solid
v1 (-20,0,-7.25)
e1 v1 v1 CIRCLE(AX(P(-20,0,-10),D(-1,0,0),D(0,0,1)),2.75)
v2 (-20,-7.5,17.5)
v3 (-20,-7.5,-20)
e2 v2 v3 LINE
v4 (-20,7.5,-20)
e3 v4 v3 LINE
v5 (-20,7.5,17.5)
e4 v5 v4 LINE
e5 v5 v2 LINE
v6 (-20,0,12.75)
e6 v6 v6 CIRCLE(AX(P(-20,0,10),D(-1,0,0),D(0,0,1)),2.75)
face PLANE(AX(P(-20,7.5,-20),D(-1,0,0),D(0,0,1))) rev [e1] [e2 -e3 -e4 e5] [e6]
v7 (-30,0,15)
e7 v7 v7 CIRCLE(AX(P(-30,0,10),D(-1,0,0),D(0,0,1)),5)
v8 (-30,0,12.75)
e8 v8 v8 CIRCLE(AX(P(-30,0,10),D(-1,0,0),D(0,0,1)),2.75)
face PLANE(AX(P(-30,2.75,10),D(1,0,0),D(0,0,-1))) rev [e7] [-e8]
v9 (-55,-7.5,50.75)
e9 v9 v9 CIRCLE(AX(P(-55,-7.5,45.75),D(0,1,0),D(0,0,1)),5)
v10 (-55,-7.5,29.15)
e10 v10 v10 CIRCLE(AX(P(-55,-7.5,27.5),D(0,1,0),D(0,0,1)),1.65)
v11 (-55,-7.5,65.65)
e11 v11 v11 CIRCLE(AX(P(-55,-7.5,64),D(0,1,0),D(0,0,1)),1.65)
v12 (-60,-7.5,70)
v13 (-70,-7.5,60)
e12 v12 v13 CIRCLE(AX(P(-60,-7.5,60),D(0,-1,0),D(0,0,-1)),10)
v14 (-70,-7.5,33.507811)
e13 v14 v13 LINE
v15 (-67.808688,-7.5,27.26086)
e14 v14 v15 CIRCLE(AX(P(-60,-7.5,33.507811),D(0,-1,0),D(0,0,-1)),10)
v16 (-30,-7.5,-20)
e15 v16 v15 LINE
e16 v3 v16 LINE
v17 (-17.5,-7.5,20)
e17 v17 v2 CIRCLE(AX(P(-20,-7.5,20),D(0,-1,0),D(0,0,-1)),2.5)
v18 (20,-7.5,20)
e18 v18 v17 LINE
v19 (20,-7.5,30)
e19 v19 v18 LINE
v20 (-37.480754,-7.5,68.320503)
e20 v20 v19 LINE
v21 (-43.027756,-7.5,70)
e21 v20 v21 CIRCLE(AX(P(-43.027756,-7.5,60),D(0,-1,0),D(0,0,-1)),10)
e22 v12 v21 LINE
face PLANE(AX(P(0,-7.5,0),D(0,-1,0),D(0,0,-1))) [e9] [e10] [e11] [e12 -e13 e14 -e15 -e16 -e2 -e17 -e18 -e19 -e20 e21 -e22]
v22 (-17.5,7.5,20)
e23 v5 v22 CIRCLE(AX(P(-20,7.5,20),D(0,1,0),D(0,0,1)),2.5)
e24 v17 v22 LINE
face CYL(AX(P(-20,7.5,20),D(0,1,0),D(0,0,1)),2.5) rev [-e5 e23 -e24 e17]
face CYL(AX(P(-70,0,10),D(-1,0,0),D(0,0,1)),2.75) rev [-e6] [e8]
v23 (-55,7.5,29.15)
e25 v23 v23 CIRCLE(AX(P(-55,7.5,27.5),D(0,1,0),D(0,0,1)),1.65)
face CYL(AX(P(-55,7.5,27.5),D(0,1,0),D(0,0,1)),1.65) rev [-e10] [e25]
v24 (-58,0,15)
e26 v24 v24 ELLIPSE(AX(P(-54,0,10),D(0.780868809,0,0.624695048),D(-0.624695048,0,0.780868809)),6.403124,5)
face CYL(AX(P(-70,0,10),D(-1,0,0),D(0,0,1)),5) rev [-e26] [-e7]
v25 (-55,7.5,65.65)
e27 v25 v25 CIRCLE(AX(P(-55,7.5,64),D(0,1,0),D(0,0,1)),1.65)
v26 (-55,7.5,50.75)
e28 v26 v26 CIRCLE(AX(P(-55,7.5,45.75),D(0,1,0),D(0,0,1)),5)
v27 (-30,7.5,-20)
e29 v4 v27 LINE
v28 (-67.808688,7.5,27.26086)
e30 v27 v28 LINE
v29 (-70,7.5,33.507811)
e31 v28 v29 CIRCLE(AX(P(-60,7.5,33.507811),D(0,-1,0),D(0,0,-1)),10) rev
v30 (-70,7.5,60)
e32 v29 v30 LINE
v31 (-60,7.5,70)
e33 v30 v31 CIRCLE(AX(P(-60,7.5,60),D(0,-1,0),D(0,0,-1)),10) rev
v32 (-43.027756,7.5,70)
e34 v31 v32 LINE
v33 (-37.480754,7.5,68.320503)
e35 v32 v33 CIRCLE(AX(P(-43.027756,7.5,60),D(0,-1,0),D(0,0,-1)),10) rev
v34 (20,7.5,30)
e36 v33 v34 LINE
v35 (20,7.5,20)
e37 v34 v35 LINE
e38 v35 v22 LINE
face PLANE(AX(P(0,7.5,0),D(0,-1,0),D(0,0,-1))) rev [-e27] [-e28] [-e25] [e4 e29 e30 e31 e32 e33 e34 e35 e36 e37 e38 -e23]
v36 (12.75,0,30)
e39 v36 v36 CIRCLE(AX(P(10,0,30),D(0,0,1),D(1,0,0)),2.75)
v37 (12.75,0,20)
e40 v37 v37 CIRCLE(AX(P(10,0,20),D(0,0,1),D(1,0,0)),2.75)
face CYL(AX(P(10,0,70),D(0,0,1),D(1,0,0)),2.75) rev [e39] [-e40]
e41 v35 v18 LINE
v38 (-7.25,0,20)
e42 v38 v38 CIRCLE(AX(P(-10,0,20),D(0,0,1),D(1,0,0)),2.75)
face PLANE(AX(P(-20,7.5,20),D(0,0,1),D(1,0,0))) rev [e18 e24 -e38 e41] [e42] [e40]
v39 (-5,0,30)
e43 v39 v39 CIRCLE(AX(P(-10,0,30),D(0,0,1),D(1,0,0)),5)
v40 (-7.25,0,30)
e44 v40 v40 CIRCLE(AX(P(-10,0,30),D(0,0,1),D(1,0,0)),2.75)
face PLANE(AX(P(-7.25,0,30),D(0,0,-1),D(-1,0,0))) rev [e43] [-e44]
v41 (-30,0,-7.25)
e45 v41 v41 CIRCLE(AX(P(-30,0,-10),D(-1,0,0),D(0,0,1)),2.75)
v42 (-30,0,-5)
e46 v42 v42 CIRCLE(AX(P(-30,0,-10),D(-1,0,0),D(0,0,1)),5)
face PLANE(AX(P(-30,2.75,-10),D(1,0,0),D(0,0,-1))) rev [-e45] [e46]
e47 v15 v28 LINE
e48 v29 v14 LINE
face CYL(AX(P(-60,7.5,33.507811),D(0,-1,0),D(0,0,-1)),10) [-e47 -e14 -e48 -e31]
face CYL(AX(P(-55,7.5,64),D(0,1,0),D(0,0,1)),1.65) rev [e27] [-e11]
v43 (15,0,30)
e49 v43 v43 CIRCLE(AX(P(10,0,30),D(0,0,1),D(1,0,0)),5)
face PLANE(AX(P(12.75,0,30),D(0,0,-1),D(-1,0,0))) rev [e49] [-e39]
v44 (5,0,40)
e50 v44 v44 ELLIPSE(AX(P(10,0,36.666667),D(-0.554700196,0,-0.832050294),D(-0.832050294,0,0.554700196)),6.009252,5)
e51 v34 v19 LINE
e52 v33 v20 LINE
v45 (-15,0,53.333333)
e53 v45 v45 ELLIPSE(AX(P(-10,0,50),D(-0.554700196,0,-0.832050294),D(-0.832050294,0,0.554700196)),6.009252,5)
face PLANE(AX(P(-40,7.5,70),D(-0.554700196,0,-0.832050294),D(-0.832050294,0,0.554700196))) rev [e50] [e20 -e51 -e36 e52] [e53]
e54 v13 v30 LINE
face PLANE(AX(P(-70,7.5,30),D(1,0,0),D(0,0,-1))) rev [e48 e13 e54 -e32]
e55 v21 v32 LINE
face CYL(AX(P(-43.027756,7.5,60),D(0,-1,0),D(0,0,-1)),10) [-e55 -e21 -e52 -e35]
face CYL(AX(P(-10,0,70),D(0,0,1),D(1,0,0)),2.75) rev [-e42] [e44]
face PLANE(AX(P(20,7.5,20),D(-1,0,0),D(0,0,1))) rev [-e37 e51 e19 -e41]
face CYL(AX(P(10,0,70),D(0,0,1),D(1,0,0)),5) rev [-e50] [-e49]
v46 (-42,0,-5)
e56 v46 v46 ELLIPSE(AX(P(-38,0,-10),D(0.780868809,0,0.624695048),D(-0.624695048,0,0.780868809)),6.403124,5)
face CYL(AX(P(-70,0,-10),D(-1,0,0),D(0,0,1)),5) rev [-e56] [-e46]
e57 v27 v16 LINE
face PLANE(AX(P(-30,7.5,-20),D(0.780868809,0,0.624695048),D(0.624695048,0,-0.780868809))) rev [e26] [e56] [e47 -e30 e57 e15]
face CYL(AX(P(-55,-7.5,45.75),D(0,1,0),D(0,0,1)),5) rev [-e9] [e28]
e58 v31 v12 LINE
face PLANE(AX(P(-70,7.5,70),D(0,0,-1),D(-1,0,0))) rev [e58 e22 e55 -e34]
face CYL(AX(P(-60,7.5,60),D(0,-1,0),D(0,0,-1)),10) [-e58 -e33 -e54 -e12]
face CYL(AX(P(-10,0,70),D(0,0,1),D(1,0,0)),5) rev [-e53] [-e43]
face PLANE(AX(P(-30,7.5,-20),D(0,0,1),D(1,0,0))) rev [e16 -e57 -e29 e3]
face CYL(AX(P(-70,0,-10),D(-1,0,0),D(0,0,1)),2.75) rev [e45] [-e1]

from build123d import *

# Parameters (mm, degrees)
BOSS_EXTRUDE1_DEPTH                                 = 7.5
M4_TAPPED_HOLE1_D                                   = 3.3
SKETCH14_R                                          = 5
CUT_EXTRUDE4_DEPTH                                  = 101.124921973
FILLET1_R                                           = 10
CBORE_FOR_M5_HEX_SOCKET_HEAD_CAP_SCREW1_D           = 5.5
CBORE_FOR_M5_HEX_SOCKET_HEAD_CAP_SCREW1_CBORE_D     = 10
CBORE_FOR_M5_HEX_SOCKET_HEAD_CAP_SCREW1_CBORE_DEPTH = 40
CBORE_FOR_M5_HEX_SOCKET_HEAD_CAP_SCREW2_D           = 5.5
CBORE_FOR_M5_HEX_SOCKET_HEAD_CAP_SCREW2_CBORE_D     = 10
CBORE_FOR_M5_HEX_SOCKET_HEAD_CAP_SCREW2_CBORE_DEPTH = 40
F_5_0_5_DIAMETER_HOLE1_D                            = 5


with BuildPart() as part:
    # Sketch1 → Boss-Extrude1 (new, symmetric)
    with BuildSketch(Plane(origin=(0, 0, 0), x_dir=(1, 0, 0), z_dir=(0, 1, 0))):
        Polygon((-20, 20), (-20, -20), (20, -20), (20, -30), (-40, -70), (-70, -70), (-70, -30), (-30, 20), align=None)
    extrude(amount=BOSS_EXTRUDE1_DEPTH, both=True)

    # M4 Tapped Hole1 (through all)
    with Locations(Plane(origin=(0, 7.5, 0), x_dir=(1, 0, 0), z_dir=(0, 1, 0))):
        with Locations((-55, -27.5), (-55, -64)):
            Hole(M4_TAPPED_HOLE1_D / 2)

    # Sketch14 → Cut-Extrude4 (cut, through all)
    with BuildSketch(Plane(origin=(0, 7.5, 0), x_dir=(1, 0, 0), z_dir=(0, 1, 0))):
        with Locations((-55, -45.75)):
            Circle(SKETCH14_R)
    extrude(amount=-CUT_EXTRUDE4_DEPTH, mode=Mode.SUBTRACT)

    # Fillet1
    fillet1_edges = [part.edges().sort_by_distance(p)[0] for p in [
        (-40, 0, 70),
        (-70, 0, 70),
        (-70, 0, 30),
    ]]
    fillet(fillet1_edges, radius=FILLET1_R)

    # CBORE for M5 Hex Socket Head Cap Screw1 (through all)
    with Locations(Plane.XY.offset(70)):
        with Locations((10, 0), (-10, 0)):
            CounterBoreHole(CBORE_FOR_M5_HEX_SOCKET_HEAD_CAP_SCREW1_D / 2, CBORE_FOR_M5_HEX_SOCKET_HEAD_CAP_SCREW1_CBORE_D / 2, CBORE_FOR_M5_HEX_SOCKET_HEAD_CAP_SCREW1_CBORE_DEPTH)

    # CBORE for M5 Hex Socket Head Cap Screw2 (through all)
    with Locations(Plane.ZY.offset(70)):
        with Locations((10, 0), (-10, 0)):
            CounterBoreHole(CBORE_FOR_M5_HEX_SOCKET_HEAD_CAP_SCREW2_D / 2, CBORE_FOR_M5_HEX_SOCKET_HEAD_CAP_SCREW2_CBORE_D / 2, CBORE_FOR_M5_HEX_SOCKET_HEAD_CAP_SCREW2_CBORE_DEPTH)

    # Ø5.0 (5) Diameter Hole1 (through all)
    with Locations(Plane(origin=(0, 7.5, 0), x_dir=(1, 0, 0), z_dir=(0, 1, 0))):
        with Locations((-20, -20)):
            Hole(F_5_0_5_DIAMETER_HOLE1_D / 2)


solid = part.part
